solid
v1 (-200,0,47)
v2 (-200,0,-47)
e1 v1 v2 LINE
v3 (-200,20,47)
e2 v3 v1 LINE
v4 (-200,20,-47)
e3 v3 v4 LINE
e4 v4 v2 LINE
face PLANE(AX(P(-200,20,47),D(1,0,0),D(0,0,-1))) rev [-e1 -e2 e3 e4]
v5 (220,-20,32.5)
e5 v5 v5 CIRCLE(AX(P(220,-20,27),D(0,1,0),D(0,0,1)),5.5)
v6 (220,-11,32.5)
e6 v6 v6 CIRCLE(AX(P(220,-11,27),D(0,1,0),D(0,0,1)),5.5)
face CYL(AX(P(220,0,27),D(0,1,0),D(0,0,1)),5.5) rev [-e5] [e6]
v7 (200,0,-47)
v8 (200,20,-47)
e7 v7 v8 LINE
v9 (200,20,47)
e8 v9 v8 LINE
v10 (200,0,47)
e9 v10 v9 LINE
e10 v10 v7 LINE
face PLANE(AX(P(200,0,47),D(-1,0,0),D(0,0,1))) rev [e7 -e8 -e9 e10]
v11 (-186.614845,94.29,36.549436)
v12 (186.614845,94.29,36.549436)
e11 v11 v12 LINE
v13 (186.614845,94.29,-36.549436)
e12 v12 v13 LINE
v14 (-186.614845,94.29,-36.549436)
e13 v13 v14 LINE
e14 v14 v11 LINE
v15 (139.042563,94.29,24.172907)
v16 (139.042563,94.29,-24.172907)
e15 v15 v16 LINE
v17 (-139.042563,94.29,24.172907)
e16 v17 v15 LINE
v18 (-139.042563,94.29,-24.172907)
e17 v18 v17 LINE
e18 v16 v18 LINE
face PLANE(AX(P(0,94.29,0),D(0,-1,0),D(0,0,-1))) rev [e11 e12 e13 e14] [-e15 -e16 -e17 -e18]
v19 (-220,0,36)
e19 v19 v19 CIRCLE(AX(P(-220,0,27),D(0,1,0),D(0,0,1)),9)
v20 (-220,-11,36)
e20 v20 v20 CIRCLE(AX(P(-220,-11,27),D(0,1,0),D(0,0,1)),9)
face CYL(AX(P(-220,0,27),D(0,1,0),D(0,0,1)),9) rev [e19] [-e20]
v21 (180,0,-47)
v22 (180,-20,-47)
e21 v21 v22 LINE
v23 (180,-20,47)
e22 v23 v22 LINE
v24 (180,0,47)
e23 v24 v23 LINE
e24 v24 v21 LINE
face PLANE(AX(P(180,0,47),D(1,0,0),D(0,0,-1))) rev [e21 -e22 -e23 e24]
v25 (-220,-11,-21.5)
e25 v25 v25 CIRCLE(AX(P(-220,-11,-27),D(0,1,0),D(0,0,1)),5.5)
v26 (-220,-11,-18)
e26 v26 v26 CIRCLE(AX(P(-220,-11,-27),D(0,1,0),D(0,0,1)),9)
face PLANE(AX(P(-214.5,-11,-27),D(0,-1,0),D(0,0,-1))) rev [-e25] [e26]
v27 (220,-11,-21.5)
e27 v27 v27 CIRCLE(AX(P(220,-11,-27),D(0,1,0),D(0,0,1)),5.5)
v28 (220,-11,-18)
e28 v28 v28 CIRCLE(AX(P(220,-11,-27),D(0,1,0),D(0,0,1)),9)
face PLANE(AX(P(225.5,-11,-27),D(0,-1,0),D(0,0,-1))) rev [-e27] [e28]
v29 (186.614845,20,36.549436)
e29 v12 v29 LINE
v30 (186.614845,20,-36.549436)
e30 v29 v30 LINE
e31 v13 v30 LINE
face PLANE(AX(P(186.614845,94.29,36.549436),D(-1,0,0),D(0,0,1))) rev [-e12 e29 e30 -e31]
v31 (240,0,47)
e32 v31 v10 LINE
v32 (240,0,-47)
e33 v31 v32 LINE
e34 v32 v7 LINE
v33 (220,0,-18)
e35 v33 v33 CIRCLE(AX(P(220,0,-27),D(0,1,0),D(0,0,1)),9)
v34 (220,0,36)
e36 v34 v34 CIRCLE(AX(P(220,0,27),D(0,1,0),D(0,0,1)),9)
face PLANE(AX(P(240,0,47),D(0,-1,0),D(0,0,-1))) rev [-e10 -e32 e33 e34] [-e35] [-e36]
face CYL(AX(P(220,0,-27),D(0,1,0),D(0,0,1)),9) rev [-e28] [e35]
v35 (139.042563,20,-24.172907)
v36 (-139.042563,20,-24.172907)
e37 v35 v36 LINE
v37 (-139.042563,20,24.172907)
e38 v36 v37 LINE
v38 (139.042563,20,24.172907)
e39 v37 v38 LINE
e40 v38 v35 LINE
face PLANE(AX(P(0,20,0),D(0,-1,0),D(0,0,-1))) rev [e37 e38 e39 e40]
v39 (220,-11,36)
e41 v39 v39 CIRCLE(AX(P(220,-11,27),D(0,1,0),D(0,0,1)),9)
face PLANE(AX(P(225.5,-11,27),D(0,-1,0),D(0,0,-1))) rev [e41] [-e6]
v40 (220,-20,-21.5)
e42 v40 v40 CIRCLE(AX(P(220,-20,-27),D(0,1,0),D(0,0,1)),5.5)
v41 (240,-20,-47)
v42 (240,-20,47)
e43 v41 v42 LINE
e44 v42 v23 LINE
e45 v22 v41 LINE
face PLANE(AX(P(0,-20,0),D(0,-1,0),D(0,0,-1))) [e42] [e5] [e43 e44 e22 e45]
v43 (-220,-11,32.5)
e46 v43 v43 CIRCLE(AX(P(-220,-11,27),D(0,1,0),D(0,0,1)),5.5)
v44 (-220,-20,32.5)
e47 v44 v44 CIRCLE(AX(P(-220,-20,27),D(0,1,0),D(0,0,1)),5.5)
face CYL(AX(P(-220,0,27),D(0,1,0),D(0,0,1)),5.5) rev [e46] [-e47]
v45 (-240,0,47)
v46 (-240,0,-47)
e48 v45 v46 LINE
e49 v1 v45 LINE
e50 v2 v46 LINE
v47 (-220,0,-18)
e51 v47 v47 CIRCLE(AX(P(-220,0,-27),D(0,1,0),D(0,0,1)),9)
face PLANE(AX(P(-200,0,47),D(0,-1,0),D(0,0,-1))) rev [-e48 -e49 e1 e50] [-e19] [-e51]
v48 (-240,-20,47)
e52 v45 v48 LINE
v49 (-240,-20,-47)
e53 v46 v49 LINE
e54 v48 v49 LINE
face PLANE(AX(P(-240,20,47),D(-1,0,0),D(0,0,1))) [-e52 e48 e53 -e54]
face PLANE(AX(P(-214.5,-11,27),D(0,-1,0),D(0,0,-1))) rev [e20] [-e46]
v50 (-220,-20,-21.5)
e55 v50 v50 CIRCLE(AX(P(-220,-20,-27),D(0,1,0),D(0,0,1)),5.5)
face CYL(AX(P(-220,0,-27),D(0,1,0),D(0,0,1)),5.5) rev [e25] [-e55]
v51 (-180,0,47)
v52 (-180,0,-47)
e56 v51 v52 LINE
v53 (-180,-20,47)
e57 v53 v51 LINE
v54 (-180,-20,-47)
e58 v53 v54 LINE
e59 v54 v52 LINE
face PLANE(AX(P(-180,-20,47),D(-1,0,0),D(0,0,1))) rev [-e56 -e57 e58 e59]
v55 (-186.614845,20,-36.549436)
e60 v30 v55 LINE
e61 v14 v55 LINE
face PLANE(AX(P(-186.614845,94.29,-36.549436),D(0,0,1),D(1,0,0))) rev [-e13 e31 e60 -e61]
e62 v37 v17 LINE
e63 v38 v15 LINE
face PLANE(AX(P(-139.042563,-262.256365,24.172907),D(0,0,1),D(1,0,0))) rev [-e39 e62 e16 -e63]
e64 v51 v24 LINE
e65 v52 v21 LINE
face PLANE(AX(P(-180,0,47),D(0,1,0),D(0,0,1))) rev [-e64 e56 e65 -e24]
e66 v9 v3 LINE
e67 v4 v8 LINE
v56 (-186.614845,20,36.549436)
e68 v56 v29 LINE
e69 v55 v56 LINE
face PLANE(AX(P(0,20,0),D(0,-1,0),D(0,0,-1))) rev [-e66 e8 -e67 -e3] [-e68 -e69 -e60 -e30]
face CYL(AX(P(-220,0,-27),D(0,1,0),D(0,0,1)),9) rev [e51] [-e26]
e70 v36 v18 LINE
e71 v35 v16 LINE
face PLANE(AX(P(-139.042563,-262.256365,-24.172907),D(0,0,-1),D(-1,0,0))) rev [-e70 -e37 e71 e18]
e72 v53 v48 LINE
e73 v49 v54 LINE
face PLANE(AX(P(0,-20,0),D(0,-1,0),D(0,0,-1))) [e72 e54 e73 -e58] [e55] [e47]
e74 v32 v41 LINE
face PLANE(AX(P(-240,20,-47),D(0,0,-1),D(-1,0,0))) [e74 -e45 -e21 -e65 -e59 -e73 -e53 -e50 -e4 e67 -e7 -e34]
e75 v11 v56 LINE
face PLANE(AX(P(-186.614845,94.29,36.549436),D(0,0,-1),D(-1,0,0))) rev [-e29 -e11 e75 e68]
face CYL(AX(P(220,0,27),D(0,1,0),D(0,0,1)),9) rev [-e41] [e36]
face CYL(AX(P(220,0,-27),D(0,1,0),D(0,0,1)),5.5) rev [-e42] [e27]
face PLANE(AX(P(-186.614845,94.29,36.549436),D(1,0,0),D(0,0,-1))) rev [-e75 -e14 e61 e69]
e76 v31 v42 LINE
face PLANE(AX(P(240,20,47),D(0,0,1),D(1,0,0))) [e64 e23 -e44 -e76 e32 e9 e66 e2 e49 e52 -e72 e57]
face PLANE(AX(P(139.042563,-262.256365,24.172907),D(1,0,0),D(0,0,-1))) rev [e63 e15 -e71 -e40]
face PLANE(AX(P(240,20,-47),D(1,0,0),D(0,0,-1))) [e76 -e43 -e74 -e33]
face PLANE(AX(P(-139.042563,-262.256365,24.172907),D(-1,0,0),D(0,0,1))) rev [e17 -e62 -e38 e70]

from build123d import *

# Parameters (mm, degrees)
SKETCH_1_W                    = 480
SKETCH_1_H                    = 94
EXTRUDE_1_DEPTH               = 40
SKETCH_2_W                    = 40
SKETCH_2_H                    = 20
CUT_EXTRUDE_1_DEPTH           = 259.526594377
SKETCH_3_W                    = 360
SKETCH_3_H                    = 20
CUT_EXTRUDE_2_DEPTH           = 259.526594377
SKETCH_4_W                    = 40
SKETCH_4_H                    = 20
CUT_EXTRUDE_3_DEPTH           = 259.526594377
HOLE_WIZARD_M10_1_D           = 11
HOLE_WIZARD_M10_1_CBORE_D     = 18
HOLE_WIZARD_M10_1_CBORE_DEPTH = 11
SKETCH_14_W                   = 373.229690018
SKETCH_14_H                   = 73.09887193
EXTRUDE_2_DEPTH               = 74.29
SKETCH_15_W                   = 278.085126552
SKETCH_15_H                   = 48.34581477
CUT_EXTRUDE_4_DEPTH           = 74.29


with BuildPart() as part:
    # 草图1 → 凸台-拉伸1 (new body)
    with BuildSketch(Plane.XZ.offset(20)):
        Rectangle(SKETCH_1_W, SKETCH_1_H)
    extrude(amount=-EXTRUDE_1_DEPTH)

    # 草图2 → 切除-拉伸1 (cut, through all)
    with BuildSketch(Plane(origin=(0, 0, -47), x_dir=(-1, 0, 0), z_dir=(0, 0, -1))):
        with Locations((220, 10)):
            Rectangle(SKETCH_2_W, SKETCH_2_H)
    extrude(amount=-CUT_EXTRUDE_1_DEPTH, mode=Mode.SUBTRACT)

    # 草图3 → 切除-拉伸2 (cut, through all)
    with BuildSketch(Plane(origin=(0, 0, -47), x_dir=(-1, 0, 0), z_dir=(0, 0, -1))):
        with Locations((0, -10)):
            Rectangle(SKETCH_3_W, SKETCH_3_H)
    extrude(amount=-CUT_EXTRUDE_2_DEPTH, mode=Mode.SUBTRACT)

    # 草图4 → 切除-拉伸3 (cut, through all)
    with BuildSketch(Plane(origin=(0, 0, -47), x_dir=(-1, 0, 0), z_dir=(0, 0, -1))):
        with Locations((-220, 10)):
            Rectangle(SKETCH_4_W, SKETCH_4_H)
    extrude(amount=-CUT_EXTRUDE_3_DEPTH, mode=Mode.SUBTRACT)

    # M10 六角头螺栓的柱形沉头孔1 (through all)
    with Locations(Plane(origin=(0, 0, 0), x_dir=(1, 0, 0), z_dir=(0, 1, 0))):
        with Locations((220, -27), (220, 27), (-220, -27), (-220, 27)):
            CounterBoreHole(HOLE_WIZARD_M10_1_D / 2, HOLE_WIZARD_M10_1_CBORE_D / 2, HOLE_WIZARD_M10_1_CBORE_DEPTH)

    # 草图14 → 凸台-拉伸2 (add)
    with BuildSketch(Plane(origin=(0, 20, 0), x_dir=(1, 0, 0), z_dir=(0, 1, 0))):
        Rectangle(SKETCH_14_W, SKETCH_14_H)
    extrude(amount=EXTRUDE_2_DEPTH)

    # 草图15 → 切除-拉伸4 (cut)
    with BuildSketch(Plane(origin=(0, 94.29, 0), x_dir=(1, 0, 0), z_dir=(0, 1, 0))):
        Rectangle(SKETCH_15_W, SKETCH_15_H)
    extrude(amount=-CUT_EXTRUDE_4_DEPTH, mode=Mode.SUBTRACT)


solid = part.part
